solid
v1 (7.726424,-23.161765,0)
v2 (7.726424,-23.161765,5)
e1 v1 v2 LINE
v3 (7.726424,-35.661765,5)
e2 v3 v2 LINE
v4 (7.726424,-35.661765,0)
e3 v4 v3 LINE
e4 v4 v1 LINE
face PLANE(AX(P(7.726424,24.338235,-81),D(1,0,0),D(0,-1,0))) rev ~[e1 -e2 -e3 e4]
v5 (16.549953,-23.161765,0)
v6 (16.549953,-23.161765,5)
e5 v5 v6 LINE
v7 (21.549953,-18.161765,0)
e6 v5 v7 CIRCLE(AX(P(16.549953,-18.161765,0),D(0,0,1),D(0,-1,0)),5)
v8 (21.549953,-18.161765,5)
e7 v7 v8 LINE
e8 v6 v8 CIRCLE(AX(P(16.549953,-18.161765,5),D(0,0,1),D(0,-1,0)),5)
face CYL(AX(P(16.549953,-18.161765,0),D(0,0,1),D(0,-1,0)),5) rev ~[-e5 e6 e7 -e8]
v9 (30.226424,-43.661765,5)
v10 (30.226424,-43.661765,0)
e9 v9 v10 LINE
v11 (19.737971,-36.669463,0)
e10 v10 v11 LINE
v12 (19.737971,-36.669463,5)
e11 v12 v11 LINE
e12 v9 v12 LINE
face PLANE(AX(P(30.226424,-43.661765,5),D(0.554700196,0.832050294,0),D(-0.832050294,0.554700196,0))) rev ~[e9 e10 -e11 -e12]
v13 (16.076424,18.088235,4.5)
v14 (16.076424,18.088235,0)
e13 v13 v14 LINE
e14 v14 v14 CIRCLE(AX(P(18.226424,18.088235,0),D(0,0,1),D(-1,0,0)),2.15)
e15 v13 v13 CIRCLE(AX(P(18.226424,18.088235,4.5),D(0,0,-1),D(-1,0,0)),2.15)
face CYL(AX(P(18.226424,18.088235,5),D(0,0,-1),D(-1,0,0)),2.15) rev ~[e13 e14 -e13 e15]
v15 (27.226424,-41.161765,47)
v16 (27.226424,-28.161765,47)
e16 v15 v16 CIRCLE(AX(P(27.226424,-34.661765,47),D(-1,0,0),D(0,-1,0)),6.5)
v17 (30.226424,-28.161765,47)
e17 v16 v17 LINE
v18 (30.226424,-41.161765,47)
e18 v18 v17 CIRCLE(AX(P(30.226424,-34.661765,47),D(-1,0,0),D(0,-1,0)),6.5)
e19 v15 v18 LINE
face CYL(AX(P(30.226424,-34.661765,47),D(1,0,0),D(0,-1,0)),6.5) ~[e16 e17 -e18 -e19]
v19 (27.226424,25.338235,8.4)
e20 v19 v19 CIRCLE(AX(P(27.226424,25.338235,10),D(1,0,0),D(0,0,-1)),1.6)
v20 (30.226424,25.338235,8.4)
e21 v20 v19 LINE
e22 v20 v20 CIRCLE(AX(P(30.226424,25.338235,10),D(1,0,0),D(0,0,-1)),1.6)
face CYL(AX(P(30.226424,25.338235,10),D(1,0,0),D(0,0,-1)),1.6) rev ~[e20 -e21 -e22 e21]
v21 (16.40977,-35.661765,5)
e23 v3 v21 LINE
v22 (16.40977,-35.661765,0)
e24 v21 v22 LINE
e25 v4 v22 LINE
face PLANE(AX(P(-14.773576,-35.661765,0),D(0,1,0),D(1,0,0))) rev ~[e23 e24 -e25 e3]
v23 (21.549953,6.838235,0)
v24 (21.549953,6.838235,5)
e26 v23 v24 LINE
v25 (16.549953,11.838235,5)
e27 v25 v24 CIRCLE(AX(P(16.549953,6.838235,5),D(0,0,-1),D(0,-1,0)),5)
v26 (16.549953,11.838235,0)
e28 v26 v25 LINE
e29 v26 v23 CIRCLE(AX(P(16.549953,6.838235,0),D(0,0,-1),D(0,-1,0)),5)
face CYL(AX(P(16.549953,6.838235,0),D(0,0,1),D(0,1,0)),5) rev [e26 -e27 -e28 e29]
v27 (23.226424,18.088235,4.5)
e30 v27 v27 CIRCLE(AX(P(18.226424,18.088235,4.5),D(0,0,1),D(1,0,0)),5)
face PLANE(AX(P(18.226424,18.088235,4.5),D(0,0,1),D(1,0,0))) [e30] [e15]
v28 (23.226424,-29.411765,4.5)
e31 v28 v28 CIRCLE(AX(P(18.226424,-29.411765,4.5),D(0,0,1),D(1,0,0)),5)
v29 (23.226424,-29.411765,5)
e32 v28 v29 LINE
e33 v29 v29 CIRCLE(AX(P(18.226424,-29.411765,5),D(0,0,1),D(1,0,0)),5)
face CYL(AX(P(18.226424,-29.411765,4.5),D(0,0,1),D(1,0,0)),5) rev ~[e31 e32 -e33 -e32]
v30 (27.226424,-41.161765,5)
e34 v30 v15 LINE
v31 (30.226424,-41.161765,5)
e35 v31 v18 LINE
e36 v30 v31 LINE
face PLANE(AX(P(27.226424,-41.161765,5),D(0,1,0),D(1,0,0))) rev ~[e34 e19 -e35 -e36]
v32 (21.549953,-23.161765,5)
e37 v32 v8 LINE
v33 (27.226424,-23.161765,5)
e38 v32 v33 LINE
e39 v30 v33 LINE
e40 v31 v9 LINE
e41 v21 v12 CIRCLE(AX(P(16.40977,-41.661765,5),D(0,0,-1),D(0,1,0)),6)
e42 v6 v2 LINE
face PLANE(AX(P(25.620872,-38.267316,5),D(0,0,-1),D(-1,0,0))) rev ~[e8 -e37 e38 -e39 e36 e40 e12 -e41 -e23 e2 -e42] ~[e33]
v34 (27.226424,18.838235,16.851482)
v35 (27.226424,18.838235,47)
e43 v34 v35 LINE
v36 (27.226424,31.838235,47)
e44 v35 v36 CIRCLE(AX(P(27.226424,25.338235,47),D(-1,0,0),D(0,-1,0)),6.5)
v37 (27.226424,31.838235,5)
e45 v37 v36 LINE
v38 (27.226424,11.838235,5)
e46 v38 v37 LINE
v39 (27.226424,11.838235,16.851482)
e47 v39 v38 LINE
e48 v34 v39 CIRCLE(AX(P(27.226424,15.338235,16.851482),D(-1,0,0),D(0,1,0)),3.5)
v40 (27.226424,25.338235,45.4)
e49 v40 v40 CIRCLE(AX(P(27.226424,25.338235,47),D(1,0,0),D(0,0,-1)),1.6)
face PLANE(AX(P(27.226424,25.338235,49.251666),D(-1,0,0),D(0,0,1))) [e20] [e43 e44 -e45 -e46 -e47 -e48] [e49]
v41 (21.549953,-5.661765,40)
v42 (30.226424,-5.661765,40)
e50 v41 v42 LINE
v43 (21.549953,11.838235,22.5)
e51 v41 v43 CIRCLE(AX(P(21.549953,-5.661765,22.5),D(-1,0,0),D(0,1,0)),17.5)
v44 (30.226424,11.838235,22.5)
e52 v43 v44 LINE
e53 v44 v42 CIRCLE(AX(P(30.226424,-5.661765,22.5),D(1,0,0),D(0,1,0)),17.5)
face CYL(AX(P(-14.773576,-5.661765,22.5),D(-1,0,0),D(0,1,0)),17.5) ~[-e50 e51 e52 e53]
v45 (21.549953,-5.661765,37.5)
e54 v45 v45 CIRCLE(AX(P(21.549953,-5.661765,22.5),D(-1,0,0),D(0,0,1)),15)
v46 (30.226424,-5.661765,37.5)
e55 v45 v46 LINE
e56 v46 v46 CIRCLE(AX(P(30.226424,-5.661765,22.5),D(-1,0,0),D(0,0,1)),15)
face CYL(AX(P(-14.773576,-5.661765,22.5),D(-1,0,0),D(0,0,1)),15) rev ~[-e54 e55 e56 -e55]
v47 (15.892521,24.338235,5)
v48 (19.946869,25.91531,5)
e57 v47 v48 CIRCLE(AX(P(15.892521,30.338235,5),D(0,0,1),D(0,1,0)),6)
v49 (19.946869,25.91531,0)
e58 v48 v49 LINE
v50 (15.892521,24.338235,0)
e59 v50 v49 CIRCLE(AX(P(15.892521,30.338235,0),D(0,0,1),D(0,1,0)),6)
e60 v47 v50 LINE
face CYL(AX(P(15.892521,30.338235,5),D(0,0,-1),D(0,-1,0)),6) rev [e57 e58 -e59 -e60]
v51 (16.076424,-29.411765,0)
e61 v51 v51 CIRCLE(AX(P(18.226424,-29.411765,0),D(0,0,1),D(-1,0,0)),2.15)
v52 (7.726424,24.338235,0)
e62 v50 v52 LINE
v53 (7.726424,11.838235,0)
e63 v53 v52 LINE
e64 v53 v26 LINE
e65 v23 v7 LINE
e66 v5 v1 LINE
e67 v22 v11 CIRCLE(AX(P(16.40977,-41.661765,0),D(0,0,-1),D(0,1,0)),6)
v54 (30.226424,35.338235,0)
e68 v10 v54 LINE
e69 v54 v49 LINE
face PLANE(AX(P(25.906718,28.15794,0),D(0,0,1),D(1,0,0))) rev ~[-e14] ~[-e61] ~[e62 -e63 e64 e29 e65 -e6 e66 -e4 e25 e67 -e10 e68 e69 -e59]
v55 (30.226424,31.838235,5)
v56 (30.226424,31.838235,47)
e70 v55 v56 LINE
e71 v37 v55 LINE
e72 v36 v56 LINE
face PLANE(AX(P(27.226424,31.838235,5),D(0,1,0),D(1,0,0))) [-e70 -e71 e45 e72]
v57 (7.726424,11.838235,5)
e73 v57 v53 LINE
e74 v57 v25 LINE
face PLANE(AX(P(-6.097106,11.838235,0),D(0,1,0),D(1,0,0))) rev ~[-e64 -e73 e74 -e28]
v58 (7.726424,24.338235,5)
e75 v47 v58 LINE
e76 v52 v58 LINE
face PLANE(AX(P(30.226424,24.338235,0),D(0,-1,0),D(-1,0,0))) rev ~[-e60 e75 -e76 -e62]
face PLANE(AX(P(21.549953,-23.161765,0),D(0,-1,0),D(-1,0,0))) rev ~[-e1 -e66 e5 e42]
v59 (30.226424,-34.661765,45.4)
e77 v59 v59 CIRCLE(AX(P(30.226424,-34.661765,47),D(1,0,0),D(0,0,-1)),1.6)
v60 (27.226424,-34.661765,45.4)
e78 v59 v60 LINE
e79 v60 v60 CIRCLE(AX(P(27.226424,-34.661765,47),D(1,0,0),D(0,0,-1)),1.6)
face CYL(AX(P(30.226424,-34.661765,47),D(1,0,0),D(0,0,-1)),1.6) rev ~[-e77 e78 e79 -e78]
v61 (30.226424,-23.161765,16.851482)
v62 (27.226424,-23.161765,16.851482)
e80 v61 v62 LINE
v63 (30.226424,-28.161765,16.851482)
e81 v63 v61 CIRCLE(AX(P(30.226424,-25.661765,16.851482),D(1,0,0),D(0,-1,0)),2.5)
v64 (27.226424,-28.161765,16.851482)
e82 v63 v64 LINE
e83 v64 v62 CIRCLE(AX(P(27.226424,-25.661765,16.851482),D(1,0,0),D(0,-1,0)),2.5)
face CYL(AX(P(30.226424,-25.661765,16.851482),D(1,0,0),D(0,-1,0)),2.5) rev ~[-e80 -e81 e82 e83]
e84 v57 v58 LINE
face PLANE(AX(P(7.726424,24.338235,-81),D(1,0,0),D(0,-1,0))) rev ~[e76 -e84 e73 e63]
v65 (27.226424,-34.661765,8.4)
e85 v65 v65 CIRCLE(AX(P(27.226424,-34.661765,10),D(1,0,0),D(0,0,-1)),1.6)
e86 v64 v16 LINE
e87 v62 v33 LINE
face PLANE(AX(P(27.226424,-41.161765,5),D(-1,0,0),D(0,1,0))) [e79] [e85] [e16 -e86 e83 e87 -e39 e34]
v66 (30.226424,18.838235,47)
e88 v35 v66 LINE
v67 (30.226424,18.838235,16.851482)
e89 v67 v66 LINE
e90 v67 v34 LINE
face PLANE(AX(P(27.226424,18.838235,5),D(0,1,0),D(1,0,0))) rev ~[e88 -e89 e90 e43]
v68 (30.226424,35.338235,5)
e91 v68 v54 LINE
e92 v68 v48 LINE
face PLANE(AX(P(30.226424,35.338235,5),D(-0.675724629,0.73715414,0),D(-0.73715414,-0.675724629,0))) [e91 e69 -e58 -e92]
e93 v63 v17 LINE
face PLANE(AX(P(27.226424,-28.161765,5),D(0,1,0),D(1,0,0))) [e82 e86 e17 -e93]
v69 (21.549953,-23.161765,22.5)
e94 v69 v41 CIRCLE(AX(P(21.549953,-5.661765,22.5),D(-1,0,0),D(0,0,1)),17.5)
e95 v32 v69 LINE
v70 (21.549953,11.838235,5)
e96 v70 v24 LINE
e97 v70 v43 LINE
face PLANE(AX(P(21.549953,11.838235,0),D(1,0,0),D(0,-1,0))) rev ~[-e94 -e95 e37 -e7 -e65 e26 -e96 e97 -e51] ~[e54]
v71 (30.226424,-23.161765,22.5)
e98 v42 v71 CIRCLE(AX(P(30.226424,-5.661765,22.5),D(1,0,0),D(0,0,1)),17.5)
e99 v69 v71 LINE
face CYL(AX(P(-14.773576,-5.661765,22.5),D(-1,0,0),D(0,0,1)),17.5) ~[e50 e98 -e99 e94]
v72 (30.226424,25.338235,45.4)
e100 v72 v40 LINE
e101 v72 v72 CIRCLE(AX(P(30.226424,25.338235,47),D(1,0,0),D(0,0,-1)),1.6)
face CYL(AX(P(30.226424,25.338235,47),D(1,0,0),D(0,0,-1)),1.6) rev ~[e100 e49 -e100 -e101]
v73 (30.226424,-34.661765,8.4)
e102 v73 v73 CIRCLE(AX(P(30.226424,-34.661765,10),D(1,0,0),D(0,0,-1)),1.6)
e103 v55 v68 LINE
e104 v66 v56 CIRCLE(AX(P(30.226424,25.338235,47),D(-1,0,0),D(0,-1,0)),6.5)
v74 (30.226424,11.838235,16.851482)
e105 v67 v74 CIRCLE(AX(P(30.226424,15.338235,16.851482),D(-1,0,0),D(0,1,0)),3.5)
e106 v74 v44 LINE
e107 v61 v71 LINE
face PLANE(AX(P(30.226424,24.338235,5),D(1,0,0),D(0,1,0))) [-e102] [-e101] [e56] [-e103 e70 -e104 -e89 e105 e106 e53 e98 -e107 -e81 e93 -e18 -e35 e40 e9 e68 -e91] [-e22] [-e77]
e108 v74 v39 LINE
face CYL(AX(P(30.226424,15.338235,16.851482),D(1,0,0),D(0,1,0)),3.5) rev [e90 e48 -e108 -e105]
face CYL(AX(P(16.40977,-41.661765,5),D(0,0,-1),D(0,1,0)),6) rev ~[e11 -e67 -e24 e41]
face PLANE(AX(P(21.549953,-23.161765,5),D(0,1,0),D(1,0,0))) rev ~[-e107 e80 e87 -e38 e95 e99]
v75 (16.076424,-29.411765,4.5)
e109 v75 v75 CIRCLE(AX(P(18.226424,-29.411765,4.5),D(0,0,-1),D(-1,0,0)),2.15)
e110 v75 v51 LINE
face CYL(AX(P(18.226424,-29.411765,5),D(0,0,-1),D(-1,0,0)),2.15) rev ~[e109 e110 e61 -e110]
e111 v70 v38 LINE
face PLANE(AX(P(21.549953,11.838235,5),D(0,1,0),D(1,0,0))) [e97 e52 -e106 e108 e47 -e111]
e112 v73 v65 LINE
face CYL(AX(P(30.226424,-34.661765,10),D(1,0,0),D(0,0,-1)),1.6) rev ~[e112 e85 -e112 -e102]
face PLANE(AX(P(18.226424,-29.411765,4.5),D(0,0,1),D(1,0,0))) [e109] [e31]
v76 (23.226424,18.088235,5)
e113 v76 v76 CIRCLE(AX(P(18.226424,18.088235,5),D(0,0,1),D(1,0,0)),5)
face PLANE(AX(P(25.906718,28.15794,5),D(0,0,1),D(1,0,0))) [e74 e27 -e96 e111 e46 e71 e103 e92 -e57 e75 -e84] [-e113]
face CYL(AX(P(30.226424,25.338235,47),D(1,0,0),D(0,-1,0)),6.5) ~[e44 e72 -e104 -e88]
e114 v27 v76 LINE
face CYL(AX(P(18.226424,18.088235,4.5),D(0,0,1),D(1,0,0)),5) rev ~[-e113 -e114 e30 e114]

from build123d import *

# Parameters (mm, degrees)
EXTRUDE_2_DEPTH                = 5
SKETCH_4_W                     = 8.676470589
SKETCH_4_H                     = 35
SKETCH_4_W_2                   = 8.676470588
EXTRUDE_15_DEPTH               = 35
CUT_EXTRUDE_1_DEPTH            = 45
SKETCH_6_R                     = 15
CUT_EXTRUDE_2_DEPTH            = 45
FILLET_1_R                     = 5
EXTRUDE_START                  = -1
SKETCH_7_R                     = 15
SKETCH_7_R_2                   = 13
EXTRUDE_16_DEPTH               = 1
SPLIT_BODIES_1_SURFACE_1_BACK  = 86
SPLIT_BODIES_1_SURFACE_1_DEPTH = 172
SPLIT_BODIES_1_SURFACE_2_BACK  = 86
SPLIT_BODIES_1_SURFACE_2_DEPTH = 172
SKETCH_17_W                    = 3
SKETCH_17_H                    = 13
EXTRUDE_20_DEPTH               = 42
HOLE_WIZARD_1_D                = 4.3
HOLE_WIZARD_1_DEPTH            = 5
HOLE_WIZARD_1_CBORE_D          = 10
HOLE_WIZARD_1_CBORE_DEPTH      = 0.5
HOLE_WIZARD_1_TIP              = 1.291850331
EXTRUDE_21_DEPTH               = 3
SKETCH_33_R                    = 1.6
CUT_EXTRUDE_3_DEPTH            = 3
EXTRUDE_22_DEPTH               = 5
FILLET_2_R                     = 6


with BuildPart() as part:
    # 草图2 → 凸台-拉伸2 (new body)
    with BuildSketch(Plane.XY):
        Polygon((7.726423565, 24.338235294), (-14.773576435, 24.338235294), (-14.773576435, -35.661764706), (7.726423565, -35.661764706), (7.726423565, -23.161764706), (-6.097105846, -23.161764706), (-6.097105846, 11.838235294), (7.726423565, 11.838235294), align=None)
        Polygon((30.226423565, 24.338235294), (7.726423565, 24.338235294), (7.726423565, 11.838235294), (21.549952977, 11.838235294), (21.549952977, -23.161764706), (7.726423565, -23.161764706), (7.726423565, -35.661764706), (30.226423565, -35.661764706), align=None)
    extrude(amount=EXTRUDE_2_DEPTH)

    # 草图4 → 凸台-拉伸15 (add)
    with BuildSketch(Plane.XY.offset(5)):
        with Locations((-10.435341141, -5.661764706)):
            Rectangle(SKETCH_4_W, SKETCH_4_H)
        with Locations((25.888188271, -5.661764706)):
            Rectangle(SKETCH_4_W_2, SKETCH_4_H)
    extrude(amount=EXTRUDE_15_DEPTH)

    # 草图5 → 切除-拉伸1 (cut)
    with BuildSketch(Plane.ZY.offset(14.773576435)):
        with BuildLine():
            Line((40, -23.161764706), (40, -5.661764706))
            ThreePointArc((40, -5.661764706), (34.874368671, -18.036133377), (22.5, -23.161764706))
            Line((22.5, -23.161764706), (40, -23.161764706))
        make_face()
        with BuildLine():
            ThreePointArc((22.5, 11.838235294), (34.874368671, 6.712603965), (40, -5.661764706))
            Line((40, -5.661764706), (40, 11.838235294))
            Line((40, 11.838235294), (22.5, 11.838235294))
        make_face()
    extrude(amount=-CUT_EXTRUDE_1_DEPTH, mode=Mode.SUBTRACT)

    # 草图6 → 切除-拉伸2 (cut)
    with BuildSketch(Plane.ZY.offset(14.773576435)):
        with Locations((22.5, -5.661764706)):
            Circle(SKETCH_6_R)
    extrude(amount=-CUT_EXTRUDE_2_DEPTH, mode=Mode.SUBTRACT)

    # 圆角1
    fillet_1_edges = [part.edges().sort_by_distance(p)[0] for p in [
        (-6.097105846, 11.838235294, 2.5),
        (-6.097105846, -23.161764706, 2.5),
        (21.549952977, -23.161764706, 2.5),
        (21.549952977, 11.838235294, 2.5),
    ]]
    fillet(fillet_1_edges, radius=FILLET_1_R)

    # 草图7 → 凸台-拉伸16 (add)
    with BuildSketch(Plane(origin=(-6.097105846, 0, 0), x_dir=(0, 0, -1), z_dir=(1, 0, 0)).offset(EXTRUDE_START)):
        with Locations(Location((-22.5, -5.661764706, 0), (0, 0, 180))):
            Circle(SKETCH_7_R)
        with Locations((-22.5, -5.661764706)):
            Circle(SKETCH_7_R_2, mode=Mode.SUBTRACT)
    extrude(amount=EXTRUDE_16_DEPTH)


with BuildPart() as body_2:
    # Split Bodies 1: the piece behind the surface
    add(part.part)
    # Split Bodies 1 surface: a surface, the sketch's curves swept straight by 172 mm
    with BuildLine(Plane.XY.offset(5).offset(-SPLIT_BODIES_1_SURFACE_1_BACK), mode=Mode.PRIVATE) as split_bodies_1_surface_1_path:
        Line((7.726423565, 24.338235294), (7.726423565, -35.661764706))
    split_bodies_1_surface_1 = Shell.extrude(split_bodies_1_surface_1_path.wire(), (0 * SPLIT_BODIES_1_SURFACE_1_DEPTH, 0 * SPLIT_BODIES_1_SURFACE_1_DEPTH, 1 * SPLIT_BODIES_1_SURFACE_1_DEPTH))
    split(bisect_by=split_bodies_1_surface_1, keep=Keep.BOTTOM)


with BuildPart() as part_1:
    add(part.part)

    # Split Bodies 1: split by a surface, the side it looks to stays
    # Split Bodies 1 surface: a surface, the sketch's curves swept straight by 172 mm
    with BuildLine(Plane.XY.offset(5).offset(-SPLIT_BODIES_1_SURFACE_2_BACK), mode=Mode.PRIVATE) as split_bodies_1_surface_2_path:
        Line((7.726423565, 24.338235294), (7.726423565, -35.661764706))
    split_bodies_1_surface_2 = Shell.extrude(split_bodies_1_surface_2_path.wire(), (0 * SPLIT_BODIES_1_SURFACE_2_DEPTH, 0 * SPLIT_BODIES_1_SURFACE_2_DEPTH, 1 * SPLIT_BODIES_1_SURFACE_2_DEPTH))
    split(bisect_by=split_bodies_1_surface_2, keep=Keep.TOP)

    # 草图17 → 凸台-拉伸20 (add)
    with BuildSketch(Plane.XY.offset(5)):
        with Locations((28.726423565, -34.661764706)):
            Rectangle(SKETCH_17_W, SKETCH_17_H)
        with Locations((28.726423565, 25.338235294)):
            Rectangle(SKETCH_17_W, SKETCH_17_H)
    extrude(amount=EXTRUDE_20_DEPTH)

    # 打孔尺寸(%根据六角头螺)栓 全螺纹的类型1
    with Locations(Plane(origin=(18.226423565, 18.088235294, 5), x_dir=(1, 0, 0), z_dir=(0, 0, 1))):
        with Locations((0, 0), (0, -47.5)):
            CounterBoreHole(HOLE_WIZARD_1_D / 2, HOLE_WIZARD_1_CBORE_D / 2, HOLE_WIZARD_1_CBORE_DEPTH, depth=HOLE_WIZARD_1_DEPTH)
            with Locations((0, 0, -(HOLE_WIZARD_1_DEPTH + HOLE_WIZARD_1_TIP / 2))):  # 118° drill point
                Cone(0, HOLE_WIZARD_1_D / 2, HOLE_WIZARD_1_TIP, mode=Mode.SUBTRACT)

    # 草图32 → 凸台-拉伸21 (add)
    with BuildSketch(Plane(origin=(30.226423565, 0, 0), x_dir=(0, 0, -1), z_dir=(1, 0, 0))):
        with BuildLine():
            Line((-47, 31.838235294), (-47, 18.838235294))
            ThreePointArc((-47, 18.838235294), (-53.5, 25.338235294), (-47, 31.838235294))
        make_face()
        with BuildLine():
            Line((-47, -28.161764706), (-47, -41.161764706))
            ThreePointArc((-47, -41.161764706), (-53.5, -34.661764706), (-47, -28.161764706))
        make_face()
        with BuildLine():
            Line((-16.851482017, 11.838235294), (-5, 11.838235294))
            Line((-5, 11.838235294), (-5, 18.838235294))
            Line((-5, 18.838235294), (-16.851482017, 18.838235294))
            ThreePointArc((-16.851482017, 18.838235294), (-13.351482017, 15.338235294), (-16.851482017, 11.838235294))
        make_face()
        with BuildLine():
            Line((-16.851482017, -23.161764706), (-5, -23.161764706))
            Line((-5, -23.161764706), (-5, -28.161764706))
            Line((-5, -28.161764706), (-16.851482017, -28.161764706))
            ThreePointArc((-16.851482017, -28.161764706), (-14.351482017, -25.661764706), (-16.851482017, -23.161764706))
        make_face()
    extrude(amount=-EXTRUDE_21_DEPTH)

    # 草图33 → 切除-拉伸3 (cut)
    with BuildSketch(Plane(origin=(30.226423565, 0, 0), x_dir=(0, 0, -1), z_dir=(1, 0, 0))):
        with Locations((-47, 25.338235294)):
            Circle(SKETCH_33_R)
        with Locations((-47, -34.661764706)):
            Circle(SKETCH_33_R)
        with Locations((-10, 25.338235294)):
            Circle(SKETCH_33_R)
        with Locations((-10, -34.661764706)):
            Circle(SKETCH_33_R)
    extrude(amount=-CUT_EXTRUDE_3_DEPTH, mode=Mode.SUBTRACT)

    # 草图34 → 凸台-拉伸22 (add)
    with BuildSketch(Plane.XY.offset(5)):
        Polygon((18.226423565, 24.338235294), (30.226423565, 24.338235294), (30.226423565, 35.338235294), align=None)
        Polygon((18.226423565, -35.661764706), (30.226423565, -35.661764706), (30.226423565, -43.661764706), align=None)
    extrude(amount=-EXTRUDE_22_DEPTH)

    # 圆角2
    fillet_2_edges = [part_1.edges().sort_by_distance(p)[0] for p in [
        (18.226423565, 24.338235294, 2.5),
        (18.226423565, -35.661764706, 2.5),
    ]]
    fillet(fillet_2_edges, radius=FILLET_2_R)


solid = part_1.part
